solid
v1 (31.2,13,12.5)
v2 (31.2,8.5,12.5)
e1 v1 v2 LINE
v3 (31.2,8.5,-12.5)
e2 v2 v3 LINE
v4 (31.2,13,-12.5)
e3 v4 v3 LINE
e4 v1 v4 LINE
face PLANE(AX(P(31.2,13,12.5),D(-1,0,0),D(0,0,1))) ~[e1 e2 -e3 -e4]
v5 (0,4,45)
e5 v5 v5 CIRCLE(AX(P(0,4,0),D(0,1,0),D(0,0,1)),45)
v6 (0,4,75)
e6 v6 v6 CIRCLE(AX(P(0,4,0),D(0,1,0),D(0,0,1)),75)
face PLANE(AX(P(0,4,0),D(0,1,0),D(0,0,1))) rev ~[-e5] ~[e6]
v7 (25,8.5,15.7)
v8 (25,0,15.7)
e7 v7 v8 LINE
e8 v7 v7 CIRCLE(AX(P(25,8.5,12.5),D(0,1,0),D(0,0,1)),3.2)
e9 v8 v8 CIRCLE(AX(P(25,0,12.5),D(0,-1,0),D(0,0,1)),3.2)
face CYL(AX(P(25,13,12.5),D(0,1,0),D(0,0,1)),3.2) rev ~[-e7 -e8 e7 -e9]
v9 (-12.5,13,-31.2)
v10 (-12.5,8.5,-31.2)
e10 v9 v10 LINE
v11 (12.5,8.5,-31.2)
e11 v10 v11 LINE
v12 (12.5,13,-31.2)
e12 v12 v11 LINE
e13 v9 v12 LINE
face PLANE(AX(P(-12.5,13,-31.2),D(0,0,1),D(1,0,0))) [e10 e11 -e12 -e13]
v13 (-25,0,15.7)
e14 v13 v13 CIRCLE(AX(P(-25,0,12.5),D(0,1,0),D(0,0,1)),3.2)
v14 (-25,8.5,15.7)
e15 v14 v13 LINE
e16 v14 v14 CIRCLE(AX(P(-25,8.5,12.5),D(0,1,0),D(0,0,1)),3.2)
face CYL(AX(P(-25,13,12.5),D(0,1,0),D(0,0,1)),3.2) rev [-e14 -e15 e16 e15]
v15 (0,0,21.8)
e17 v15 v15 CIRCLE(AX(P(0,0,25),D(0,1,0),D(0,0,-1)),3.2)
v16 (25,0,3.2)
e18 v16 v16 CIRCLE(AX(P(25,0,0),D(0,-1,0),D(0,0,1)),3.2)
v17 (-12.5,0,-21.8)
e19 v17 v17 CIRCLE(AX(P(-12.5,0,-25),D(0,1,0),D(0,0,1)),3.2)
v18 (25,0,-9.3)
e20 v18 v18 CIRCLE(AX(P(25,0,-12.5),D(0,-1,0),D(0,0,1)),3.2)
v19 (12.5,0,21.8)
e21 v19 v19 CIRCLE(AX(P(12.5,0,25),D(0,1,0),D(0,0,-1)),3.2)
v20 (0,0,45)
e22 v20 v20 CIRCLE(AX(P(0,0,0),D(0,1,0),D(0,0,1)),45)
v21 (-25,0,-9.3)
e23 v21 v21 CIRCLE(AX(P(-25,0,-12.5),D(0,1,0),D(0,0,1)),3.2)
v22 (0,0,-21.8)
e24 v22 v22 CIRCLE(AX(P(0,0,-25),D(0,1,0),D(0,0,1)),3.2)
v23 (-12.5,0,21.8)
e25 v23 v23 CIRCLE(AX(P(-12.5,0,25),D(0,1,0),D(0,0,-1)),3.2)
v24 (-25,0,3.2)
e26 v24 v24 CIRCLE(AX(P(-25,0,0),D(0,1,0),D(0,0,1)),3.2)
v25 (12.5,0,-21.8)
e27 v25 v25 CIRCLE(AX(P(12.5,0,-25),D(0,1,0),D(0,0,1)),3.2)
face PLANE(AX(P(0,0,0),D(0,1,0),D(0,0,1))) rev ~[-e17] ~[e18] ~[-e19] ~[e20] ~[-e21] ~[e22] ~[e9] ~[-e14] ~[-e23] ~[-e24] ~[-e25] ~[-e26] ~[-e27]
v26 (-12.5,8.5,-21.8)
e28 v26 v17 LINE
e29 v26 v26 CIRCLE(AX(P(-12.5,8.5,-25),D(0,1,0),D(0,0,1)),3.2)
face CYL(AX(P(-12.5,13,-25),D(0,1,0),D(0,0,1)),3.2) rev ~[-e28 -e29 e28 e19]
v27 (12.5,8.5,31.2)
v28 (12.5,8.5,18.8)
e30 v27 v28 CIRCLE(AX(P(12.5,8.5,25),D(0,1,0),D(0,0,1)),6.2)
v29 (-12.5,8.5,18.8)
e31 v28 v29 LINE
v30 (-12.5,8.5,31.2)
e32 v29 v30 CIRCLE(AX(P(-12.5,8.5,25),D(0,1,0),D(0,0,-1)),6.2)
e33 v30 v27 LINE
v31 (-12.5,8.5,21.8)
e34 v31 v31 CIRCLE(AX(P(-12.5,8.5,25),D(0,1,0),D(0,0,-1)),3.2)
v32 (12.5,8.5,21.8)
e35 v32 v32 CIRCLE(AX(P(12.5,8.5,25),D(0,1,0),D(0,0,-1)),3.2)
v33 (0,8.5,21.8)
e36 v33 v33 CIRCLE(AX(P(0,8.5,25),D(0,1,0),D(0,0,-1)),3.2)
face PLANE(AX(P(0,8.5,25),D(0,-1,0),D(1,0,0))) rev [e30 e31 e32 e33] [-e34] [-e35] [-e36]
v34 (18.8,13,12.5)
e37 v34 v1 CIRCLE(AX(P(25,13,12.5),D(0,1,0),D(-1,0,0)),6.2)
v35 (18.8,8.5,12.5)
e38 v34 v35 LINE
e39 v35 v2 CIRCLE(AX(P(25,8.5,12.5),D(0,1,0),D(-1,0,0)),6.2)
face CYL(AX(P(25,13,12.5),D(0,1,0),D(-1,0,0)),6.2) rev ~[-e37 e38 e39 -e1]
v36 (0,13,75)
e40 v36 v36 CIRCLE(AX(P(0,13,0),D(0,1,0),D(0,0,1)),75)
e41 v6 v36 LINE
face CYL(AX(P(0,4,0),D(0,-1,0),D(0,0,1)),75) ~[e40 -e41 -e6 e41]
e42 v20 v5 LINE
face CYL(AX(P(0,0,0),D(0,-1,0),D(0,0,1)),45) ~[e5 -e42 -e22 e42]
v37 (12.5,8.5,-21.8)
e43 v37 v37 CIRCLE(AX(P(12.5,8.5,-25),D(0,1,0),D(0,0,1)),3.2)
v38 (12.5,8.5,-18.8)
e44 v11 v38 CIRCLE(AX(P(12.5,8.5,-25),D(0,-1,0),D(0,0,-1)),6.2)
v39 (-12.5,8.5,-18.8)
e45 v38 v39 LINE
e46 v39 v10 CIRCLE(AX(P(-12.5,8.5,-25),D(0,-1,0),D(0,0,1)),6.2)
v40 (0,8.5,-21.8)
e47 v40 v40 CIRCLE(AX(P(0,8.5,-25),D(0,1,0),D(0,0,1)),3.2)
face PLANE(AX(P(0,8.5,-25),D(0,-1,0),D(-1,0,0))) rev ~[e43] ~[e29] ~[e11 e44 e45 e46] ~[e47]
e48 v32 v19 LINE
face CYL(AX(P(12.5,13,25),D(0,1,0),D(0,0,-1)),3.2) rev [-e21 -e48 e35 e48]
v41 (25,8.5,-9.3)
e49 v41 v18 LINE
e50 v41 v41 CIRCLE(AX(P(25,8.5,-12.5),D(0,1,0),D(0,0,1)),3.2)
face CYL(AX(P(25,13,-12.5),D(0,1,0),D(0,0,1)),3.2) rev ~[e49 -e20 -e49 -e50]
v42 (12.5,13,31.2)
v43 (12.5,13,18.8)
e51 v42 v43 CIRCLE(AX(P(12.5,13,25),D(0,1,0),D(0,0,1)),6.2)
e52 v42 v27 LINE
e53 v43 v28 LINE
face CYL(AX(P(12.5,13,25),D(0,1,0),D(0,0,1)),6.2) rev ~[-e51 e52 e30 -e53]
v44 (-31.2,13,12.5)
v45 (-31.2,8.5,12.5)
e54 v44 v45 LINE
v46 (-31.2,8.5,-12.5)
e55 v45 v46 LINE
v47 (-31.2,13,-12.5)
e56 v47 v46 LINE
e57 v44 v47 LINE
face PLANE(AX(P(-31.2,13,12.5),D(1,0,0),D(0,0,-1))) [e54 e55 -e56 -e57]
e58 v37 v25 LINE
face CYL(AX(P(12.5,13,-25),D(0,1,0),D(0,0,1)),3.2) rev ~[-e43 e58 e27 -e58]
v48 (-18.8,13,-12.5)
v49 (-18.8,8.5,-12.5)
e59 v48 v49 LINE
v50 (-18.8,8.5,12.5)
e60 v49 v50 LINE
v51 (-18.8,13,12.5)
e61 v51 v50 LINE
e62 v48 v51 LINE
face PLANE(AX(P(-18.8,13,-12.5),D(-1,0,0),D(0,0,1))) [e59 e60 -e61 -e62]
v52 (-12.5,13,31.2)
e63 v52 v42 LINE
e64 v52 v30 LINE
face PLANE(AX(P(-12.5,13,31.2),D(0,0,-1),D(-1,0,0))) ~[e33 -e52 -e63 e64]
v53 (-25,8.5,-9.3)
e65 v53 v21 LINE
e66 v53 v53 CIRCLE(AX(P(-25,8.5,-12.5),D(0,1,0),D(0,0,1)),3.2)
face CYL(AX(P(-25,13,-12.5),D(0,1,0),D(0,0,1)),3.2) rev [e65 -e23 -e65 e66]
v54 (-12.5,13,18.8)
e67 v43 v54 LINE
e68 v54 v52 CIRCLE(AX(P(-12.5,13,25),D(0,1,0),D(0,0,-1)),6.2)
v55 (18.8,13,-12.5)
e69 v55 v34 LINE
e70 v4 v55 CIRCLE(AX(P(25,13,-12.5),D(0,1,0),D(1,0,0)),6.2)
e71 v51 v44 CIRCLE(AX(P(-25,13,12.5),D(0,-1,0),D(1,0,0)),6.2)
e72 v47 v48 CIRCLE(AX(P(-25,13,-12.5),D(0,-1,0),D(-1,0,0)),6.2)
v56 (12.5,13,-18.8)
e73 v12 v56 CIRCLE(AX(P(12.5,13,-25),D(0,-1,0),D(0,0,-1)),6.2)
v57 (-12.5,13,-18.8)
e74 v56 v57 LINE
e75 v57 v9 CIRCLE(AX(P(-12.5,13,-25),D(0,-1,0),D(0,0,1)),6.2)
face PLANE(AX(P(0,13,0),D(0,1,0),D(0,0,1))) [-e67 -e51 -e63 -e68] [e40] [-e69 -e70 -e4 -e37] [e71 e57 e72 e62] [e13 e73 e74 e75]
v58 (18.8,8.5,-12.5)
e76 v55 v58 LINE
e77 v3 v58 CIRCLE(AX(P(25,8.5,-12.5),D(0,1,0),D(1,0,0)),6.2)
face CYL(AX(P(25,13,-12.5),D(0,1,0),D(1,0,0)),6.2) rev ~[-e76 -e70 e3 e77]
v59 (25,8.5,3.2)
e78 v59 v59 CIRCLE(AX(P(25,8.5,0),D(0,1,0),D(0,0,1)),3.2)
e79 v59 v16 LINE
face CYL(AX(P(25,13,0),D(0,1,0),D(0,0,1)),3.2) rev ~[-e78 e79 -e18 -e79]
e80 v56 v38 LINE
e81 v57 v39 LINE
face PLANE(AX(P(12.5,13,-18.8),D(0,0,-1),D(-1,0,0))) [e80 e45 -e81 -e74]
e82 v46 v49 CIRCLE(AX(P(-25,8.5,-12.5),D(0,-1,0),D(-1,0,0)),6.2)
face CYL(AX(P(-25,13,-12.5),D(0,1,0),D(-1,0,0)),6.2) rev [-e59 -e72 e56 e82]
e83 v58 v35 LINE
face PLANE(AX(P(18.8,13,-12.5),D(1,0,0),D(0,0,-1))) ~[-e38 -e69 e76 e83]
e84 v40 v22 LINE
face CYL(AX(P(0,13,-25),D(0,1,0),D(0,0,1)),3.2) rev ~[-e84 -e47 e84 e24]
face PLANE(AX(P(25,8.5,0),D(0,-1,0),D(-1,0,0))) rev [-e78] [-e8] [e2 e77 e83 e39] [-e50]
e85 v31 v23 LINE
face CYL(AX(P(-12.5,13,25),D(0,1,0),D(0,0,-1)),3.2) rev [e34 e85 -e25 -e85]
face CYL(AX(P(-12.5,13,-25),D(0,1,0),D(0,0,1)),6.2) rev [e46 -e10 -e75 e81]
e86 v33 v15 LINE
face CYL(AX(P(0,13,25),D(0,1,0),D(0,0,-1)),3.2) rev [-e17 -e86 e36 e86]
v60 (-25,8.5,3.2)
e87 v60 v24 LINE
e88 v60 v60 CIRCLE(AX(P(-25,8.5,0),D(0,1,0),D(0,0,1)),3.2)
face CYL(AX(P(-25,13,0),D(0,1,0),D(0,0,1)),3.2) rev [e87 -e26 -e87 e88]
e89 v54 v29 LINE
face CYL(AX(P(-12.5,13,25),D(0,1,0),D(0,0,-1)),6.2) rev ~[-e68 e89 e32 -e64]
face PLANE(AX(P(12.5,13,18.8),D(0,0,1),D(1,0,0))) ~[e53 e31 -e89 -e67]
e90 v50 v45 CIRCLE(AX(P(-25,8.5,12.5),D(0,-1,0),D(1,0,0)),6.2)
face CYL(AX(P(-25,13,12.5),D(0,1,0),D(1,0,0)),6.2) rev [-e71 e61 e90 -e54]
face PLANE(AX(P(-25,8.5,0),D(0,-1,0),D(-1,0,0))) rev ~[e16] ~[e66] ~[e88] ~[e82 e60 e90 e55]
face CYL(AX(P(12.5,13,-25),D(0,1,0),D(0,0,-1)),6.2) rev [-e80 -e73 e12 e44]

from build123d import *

# Parameters (mm, degrees)
SKETCH_1_R          = 45
EXTRUDE_1_DEPTH     = 4
SKETCH_2_R          = 75
EXTRUDE_2_DEPTH     = 9
SKETCH_3_R          = 3.2
CUT_EXTRUDE_1_DEPTH = 107.85972113
CUT_EXTRUDE_2_DEPTH = 4.5


with BuildPart() as part:
    # 草图1 → 凸台-拉伸1 (new body)
    with BuildSketch(Plane(origin=(0, 0, 0), x_dir=(1, 0, 0), z_dir=(0, 1, 0))):
        with Locations(Location((0, 0, 0), (0, 0, 270))):
            Circle(SKETCH_1_R)
    extrude(amount=EXTRUDE_1_DEPTH)

    # 草图2 → 凸台-拉伸2 (add)
    with BuildSketch(Plane(origin=(0, 4, 0), x_dir=(1, 0, 0), z_dir=(0, 1, 0))):
        with Locations(Location((0, 0, 0), (0, 0, 270))):
            Circle(SKETCH_2_R)
    extrude(amount=EXTRUDE_2_DEPTH)

    # 草图3 → 切除-拉伸1 (cut, through all)
    with BuildSketch(Plane(origin=(0, 13, 0), x_dir=(1, 0, 0), z_dir=(0, 1, 0))):
        with Locations(Location((-12.5, 25, 0), (0, 0, 270))):
            Circle(SKETCH_3_R)
        with Locations(Location((0, 25, 0), (0, 0, 270))):
            Circle(SKETCH_3_R)
        with Locations(Location((12.5, 25, 0), (0, 0, 270))):
            Circle(SKETCH_3_R)
        with Locations(Location((25, 0, 0), (0, 0, 270))):
            Circle(SKETCH_3_R)
        with Locations(Location((25, 12.5, 0), (0, 0, 270))):
            Circle(SKETCH_3_R)
        with Locations(Location((25, -12.5, 0), (0, 0, 270))):
            Circle(SKETCH_3_R)
    cut_extrude_1 = extrude(amount=-CUT_EXTRUDE_1_DEPTH, mode=Mode.SUBTRACT)

    # 镜向1: 切除-拉伸1 across plane
    add(cut_extrude_1.mirror(Plane(origin=(0, 0, 0), x_dir=(0, 0, 1), z_dir=(1, 0, 0))), mode=Mode.SUBTRACT)

    # 镜向1 at the second plane: 切除-拉伸1 across plane
    add(cut_extrude_1.mirror(Plane.XY), mode=Mode.SUBTRACT)

    # 草图4 → 切除-拉伸2 (cut)
    with BuildSketch(Plane(origin=(0, 13, 0), x_dir=(1, 0, 0), z_dir=(0, 1, 0))):
        with BuildLine():
            Line((-12.5, 31.2), (12.5, 31.2))
            ThreePointArc((12.5, 31.2), (18.7, 25), (12.5, 18.8))
            Line((12.5, 18.8), (-12.5, 18.8))
            ThreePointArc((-12.5, 18.8), (-18.7, 25), (-12.5, 31.2))
        make_face()
        with BuildLine():
            Line((-18.8, 12.5), (-18.8, -12.5))
            ThreePointArc((-18.8, -12.5), (-25, -18.7), (-31.2, -12.5))
            Line((-31.2, -12.5), (-31.2, 12.5))
            ThreePointArc((-31.2, 12.5), (-25, 18.7), (-18.8, 12.5))
        make_face()
    cut_extrude_2 = extrude(amount=-CUT_EXTRUDE_2_DEPTH, mode=Mode.SUBTRACT)

    # 镜向2: 切除-拉伸2 across plane
    add(cut_extrude_2.mirror(Plane(origin=(0, 0, 0), x_dir=(0, 0, 1), z_dir=(1, 0, 0))), mode=Mode.SUBTRACT)

    # 镜向2 at the second plane: 切除-拉伸2 across plane
    add(cut_extrude_2.mirror(Plane.XY), mode=Mode.SUBTRACT)


solid = part.part
